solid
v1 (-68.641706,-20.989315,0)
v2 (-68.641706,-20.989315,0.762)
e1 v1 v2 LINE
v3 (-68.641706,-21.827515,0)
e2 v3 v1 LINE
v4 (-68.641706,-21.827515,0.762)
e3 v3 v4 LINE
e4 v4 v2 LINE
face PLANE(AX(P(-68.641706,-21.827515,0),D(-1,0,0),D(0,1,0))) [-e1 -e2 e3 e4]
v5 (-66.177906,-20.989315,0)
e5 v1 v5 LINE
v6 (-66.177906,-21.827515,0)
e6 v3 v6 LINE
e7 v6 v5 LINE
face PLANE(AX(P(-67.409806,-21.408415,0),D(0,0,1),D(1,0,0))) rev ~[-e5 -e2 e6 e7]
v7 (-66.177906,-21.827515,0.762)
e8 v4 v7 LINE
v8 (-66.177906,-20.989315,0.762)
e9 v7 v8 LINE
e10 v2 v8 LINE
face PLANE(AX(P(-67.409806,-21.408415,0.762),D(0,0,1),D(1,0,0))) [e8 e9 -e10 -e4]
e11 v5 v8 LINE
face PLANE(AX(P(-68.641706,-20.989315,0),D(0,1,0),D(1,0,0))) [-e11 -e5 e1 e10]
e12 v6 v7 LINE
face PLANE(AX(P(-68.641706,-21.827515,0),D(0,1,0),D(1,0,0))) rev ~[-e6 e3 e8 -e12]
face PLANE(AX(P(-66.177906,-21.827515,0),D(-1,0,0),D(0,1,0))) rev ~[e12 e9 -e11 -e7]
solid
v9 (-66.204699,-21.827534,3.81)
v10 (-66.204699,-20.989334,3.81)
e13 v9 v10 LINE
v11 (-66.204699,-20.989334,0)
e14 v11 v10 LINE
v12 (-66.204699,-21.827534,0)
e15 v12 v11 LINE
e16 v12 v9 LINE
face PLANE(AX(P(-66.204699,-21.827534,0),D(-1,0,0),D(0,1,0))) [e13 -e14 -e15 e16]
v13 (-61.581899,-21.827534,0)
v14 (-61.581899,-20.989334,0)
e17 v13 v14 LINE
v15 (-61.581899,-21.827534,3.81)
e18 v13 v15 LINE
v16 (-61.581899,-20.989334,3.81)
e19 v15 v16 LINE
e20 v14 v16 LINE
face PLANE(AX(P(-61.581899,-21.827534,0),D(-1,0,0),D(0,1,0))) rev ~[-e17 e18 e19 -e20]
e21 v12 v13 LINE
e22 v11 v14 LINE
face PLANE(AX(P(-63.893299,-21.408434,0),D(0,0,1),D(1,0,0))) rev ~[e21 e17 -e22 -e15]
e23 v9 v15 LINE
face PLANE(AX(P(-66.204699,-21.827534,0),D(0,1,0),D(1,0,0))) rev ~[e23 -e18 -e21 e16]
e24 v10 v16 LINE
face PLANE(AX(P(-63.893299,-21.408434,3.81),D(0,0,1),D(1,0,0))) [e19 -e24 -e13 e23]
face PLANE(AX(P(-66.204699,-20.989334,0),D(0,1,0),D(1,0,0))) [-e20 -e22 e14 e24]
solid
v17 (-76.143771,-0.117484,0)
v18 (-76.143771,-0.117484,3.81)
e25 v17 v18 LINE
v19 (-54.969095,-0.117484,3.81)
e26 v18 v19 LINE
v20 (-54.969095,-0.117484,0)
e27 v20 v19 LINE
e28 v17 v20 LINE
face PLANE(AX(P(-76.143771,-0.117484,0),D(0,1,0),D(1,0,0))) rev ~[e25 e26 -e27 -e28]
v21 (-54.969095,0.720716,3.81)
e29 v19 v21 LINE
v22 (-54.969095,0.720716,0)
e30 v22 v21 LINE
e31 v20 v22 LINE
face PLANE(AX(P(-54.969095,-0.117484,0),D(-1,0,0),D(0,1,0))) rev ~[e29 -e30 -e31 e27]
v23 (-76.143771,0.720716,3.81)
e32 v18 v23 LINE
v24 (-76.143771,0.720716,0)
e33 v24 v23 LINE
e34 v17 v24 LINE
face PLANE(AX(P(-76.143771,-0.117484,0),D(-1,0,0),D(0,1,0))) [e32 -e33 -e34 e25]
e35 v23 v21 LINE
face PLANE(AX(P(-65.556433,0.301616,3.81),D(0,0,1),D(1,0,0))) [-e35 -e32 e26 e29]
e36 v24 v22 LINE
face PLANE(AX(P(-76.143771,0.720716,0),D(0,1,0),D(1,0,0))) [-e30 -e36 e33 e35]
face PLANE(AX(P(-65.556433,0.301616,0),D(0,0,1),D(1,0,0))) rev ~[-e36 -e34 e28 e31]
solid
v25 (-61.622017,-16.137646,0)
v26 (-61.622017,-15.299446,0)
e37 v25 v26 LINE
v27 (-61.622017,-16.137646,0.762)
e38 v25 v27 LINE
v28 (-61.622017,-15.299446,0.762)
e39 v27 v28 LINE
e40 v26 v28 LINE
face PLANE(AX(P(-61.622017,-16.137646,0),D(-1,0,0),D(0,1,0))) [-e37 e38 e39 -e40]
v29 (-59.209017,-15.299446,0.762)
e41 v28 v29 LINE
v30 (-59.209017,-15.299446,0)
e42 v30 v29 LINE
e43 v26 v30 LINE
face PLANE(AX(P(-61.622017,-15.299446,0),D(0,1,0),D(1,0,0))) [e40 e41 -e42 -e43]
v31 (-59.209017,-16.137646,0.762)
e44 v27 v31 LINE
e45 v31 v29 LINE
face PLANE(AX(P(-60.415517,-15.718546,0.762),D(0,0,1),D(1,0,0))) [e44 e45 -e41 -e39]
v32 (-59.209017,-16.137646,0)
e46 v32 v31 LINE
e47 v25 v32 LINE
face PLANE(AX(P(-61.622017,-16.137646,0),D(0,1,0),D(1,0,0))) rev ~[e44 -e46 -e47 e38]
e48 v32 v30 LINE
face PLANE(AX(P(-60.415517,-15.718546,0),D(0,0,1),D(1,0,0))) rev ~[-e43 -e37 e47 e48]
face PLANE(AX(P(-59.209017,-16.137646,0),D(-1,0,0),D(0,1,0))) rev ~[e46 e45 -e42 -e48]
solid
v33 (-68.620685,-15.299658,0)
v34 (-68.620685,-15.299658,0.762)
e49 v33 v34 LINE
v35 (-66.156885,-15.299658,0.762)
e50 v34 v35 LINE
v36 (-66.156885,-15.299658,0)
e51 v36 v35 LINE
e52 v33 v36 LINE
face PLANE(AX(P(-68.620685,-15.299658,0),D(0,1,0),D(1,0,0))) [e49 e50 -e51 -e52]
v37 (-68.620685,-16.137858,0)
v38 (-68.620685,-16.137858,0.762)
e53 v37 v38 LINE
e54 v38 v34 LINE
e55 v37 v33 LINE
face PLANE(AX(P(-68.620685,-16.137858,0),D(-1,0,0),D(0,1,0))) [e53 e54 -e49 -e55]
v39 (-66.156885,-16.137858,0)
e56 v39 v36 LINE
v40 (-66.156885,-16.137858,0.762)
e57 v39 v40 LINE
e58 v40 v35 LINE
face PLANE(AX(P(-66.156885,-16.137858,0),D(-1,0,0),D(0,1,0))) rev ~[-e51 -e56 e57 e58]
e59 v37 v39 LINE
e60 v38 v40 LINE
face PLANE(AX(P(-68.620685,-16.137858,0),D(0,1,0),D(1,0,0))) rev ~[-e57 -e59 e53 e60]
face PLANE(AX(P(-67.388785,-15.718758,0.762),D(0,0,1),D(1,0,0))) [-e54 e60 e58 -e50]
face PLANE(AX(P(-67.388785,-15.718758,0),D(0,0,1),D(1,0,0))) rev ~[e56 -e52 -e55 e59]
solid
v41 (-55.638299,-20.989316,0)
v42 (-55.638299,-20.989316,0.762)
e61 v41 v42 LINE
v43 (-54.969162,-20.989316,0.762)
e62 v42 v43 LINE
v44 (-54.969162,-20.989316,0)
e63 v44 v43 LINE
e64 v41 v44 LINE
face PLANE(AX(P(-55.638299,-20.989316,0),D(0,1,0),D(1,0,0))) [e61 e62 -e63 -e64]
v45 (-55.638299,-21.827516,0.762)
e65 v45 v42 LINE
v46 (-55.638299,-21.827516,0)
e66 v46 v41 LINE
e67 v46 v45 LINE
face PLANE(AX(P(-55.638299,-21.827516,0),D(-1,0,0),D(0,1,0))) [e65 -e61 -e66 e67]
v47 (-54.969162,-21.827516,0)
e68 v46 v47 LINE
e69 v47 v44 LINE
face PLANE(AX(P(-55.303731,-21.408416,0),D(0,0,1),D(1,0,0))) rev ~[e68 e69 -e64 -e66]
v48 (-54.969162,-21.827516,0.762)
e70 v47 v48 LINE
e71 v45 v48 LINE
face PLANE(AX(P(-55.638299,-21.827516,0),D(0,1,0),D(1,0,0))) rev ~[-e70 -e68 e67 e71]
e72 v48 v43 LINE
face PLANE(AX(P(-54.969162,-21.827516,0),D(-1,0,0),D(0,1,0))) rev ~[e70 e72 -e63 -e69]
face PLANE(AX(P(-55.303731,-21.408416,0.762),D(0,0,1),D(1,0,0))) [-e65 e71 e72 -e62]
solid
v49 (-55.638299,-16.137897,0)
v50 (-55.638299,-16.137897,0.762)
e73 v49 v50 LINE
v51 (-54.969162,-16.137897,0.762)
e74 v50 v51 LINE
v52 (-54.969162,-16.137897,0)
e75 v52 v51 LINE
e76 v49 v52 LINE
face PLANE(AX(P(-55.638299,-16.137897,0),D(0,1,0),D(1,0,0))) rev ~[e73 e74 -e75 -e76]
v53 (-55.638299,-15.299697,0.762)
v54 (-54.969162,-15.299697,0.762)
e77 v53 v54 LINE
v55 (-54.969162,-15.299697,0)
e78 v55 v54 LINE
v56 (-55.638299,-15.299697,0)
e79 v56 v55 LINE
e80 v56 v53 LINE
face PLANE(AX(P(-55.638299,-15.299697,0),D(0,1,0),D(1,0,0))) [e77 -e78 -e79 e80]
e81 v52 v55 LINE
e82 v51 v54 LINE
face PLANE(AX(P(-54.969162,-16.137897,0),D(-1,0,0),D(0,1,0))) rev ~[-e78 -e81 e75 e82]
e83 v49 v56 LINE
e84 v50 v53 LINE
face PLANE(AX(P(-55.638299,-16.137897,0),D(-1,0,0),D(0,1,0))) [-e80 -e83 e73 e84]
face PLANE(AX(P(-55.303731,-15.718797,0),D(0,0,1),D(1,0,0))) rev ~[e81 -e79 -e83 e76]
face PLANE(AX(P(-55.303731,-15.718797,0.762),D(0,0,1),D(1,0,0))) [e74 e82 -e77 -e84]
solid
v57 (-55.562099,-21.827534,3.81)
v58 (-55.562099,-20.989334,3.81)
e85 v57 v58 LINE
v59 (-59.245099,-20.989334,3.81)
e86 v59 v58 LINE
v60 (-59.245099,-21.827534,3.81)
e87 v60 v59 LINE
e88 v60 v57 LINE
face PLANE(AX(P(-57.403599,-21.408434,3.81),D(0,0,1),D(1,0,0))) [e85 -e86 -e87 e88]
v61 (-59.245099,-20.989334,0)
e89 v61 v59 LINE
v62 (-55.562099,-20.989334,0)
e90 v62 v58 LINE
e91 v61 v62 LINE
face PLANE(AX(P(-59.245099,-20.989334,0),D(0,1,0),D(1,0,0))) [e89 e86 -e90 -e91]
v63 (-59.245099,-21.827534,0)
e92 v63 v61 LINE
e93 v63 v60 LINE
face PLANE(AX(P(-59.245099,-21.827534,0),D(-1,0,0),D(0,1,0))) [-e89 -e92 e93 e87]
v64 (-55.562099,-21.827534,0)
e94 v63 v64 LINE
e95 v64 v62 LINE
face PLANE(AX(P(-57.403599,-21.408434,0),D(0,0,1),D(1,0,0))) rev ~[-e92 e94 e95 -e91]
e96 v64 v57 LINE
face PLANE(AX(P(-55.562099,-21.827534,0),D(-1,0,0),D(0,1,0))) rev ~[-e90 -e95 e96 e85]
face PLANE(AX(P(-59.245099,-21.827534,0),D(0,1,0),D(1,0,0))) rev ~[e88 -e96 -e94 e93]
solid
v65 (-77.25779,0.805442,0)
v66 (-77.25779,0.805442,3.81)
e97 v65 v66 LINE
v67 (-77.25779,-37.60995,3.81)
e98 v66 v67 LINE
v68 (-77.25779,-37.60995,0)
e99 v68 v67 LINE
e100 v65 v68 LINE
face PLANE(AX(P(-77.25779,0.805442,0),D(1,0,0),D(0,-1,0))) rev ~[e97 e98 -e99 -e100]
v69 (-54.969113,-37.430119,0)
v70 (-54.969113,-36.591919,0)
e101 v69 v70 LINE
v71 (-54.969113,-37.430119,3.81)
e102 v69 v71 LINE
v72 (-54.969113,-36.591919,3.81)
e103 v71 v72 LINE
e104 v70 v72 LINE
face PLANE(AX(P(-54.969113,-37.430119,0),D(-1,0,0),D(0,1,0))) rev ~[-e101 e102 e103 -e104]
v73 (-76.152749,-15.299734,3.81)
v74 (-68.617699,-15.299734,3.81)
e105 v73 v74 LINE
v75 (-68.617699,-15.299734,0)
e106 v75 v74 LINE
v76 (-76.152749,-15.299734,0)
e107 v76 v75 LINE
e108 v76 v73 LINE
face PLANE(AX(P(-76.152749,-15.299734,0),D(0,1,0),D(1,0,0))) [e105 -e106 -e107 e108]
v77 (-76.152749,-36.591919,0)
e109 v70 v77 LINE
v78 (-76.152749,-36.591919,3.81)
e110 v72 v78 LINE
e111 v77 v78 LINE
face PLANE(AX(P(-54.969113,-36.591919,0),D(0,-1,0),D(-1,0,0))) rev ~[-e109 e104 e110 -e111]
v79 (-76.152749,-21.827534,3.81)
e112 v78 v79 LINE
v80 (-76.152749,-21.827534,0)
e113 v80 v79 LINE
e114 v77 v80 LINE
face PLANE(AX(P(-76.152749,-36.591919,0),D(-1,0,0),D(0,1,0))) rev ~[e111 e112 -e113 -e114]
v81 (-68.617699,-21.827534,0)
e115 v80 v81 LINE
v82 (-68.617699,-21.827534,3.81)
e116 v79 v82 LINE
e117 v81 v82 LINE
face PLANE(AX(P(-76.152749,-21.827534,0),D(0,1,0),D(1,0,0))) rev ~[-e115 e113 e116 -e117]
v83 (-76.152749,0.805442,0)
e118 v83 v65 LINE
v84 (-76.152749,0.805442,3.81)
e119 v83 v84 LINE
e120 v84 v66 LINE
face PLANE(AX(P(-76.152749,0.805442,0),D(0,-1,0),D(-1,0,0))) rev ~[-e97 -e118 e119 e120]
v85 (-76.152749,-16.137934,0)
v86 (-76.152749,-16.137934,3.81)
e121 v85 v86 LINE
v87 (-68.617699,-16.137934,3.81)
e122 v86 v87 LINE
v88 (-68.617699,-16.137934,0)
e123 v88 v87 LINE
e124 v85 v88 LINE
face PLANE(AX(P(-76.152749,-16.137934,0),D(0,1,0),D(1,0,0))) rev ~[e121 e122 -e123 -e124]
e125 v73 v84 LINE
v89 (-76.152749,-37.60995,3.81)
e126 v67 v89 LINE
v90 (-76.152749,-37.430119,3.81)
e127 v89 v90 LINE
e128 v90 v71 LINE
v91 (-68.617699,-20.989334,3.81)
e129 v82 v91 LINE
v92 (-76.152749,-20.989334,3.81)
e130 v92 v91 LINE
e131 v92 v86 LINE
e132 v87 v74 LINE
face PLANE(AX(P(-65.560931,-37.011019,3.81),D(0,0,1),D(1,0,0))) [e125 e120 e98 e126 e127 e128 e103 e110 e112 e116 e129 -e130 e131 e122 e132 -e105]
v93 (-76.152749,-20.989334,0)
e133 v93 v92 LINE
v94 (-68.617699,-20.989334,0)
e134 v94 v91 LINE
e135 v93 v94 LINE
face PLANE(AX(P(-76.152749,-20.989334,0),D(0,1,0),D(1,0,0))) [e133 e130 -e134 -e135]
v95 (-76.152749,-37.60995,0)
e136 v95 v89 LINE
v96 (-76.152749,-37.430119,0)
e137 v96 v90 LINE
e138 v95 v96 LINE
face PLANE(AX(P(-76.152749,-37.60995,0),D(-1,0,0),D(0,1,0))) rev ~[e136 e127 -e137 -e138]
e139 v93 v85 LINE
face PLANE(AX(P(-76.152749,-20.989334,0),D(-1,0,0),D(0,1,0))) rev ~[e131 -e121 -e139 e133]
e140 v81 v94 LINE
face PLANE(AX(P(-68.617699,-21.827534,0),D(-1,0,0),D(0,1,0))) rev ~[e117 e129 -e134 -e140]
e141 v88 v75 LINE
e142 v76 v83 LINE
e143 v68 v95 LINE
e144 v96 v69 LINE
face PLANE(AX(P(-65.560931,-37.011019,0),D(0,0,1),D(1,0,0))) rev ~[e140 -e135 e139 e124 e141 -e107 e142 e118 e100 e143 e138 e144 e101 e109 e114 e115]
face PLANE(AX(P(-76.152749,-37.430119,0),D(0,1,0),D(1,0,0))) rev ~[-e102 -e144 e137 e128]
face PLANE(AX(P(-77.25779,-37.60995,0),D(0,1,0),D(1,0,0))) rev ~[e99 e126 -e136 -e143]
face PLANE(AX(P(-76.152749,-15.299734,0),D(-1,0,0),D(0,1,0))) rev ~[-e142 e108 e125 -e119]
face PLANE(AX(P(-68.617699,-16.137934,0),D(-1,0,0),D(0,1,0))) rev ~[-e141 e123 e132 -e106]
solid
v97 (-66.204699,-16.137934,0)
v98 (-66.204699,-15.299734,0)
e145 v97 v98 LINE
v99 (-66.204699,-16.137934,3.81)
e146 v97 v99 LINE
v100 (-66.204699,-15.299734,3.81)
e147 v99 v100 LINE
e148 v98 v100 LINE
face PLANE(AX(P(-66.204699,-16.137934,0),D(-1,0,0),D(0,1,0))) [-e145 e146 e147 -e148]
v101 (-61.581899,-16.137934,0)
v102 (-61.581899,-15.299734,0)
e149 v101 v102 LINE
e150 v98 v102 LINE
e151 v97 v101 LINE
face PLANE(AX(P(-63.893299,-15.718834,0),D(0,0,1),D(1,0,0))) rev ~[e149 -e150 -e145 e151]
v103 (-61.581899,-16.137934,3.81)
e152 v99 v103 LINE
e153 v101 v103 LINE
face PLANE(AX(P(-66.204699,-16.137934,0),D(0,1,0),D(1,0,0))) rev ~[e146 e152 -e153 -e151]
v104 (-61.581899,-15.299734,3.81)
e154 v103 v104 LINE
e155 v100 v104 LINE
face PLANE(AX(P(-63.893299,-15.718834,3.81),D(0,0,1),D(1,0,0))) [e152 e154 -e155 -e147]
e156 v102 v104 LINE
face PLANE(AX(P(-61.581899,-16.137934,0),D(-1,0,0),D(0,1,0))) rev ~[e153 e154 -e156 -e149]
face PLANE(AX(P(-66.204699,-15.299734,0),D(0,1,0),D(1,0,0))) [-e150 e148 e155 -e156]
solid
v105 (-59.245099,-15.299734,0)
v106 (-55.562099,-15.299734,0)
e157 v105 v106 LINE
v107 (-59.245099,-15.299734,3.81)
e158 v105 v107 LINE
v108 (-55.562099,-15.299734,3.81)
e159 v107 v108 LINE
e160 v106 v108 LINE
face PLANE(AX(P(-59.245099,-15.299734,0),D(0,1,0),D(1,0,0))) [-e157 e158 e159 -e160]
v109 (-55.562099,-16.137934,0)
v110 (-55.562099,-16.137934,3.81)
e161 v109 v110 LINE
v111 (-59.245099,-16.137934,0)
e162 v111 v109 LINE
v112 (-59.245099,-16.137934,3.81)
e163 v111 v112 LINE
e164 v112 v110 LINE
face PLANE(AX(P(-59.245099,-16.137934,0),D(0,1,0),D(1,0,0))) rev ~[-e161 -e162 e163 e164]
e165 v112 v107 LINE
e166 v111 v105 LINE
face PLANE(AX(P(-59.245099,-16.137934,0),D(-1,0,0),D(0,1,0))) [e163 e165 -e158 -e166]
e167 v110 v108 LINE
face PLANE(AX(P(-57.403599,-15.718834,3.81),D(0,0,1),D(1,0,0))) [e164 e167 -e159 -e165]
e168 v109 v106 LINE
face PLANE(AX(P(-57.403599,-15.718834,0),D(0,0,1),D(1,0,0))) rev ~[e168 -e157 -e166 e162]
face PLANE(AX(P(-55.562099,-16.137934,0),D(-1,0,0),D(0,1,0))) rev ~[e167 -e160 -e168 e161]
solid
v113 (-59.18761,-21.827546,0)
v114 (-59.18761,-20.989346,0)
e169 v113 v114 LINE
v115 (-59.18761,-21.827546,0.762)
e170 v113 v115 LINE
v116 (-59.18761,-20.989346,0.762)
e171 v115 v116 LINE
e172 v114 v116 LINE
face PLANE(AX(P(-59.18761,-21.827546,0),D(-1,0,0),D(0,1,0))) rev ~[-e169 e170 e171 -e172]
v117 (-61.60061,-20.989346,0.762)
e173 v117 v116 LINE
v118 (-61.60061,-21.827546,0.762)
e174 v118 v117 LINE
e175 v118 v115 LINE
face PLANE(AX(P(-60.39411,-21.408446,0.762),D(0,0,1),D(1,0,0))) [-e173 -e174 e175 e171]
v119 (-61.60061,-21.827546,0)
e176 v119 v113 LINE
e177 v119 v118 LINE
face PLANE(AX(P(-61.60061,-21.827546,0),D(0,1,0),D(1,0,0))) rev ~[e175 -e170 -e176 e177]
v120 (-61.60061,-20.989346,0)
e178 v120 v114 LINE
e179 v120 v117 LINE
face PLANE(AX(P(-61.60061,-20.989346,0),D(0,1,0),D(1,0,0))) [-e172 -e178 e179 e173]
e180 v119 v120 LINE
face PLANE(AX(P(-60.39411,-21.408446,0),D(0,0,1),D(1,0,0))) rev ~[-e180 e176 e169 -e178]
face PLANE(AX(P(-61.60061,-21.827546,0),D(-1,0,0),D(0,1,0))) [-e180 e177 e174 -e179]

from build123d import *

# Parameters (mm, degrees)
F0_W     = 21.174676846
F0_H     = 0.8382
F1_DEPTH = 3.81
F0_W_2   = 21.1836360395
F0_W_3   = 1.046679914
F0_W_4   = 7.5350500569
F0_W_5   = 1.1009499431
F0_W_6   = 4.6228
F0_W_7   = 3.683
F2_W     = 2.4638
F2_H     = 0.8382
F3_DEPTH = 0.762
F2_W_2   = 2.413
F2_W_3   = 0.6691376


with BuildPart() as f1:
    # F0 (on Top) → F1 (new body)
    with BuildSketch(Plane.XY):
        with Locations((-65.556432987, 0.3016160522)):
            Rectangle(F0_W, F0_H)
    extrude(amount=F1_DEPTH)


with BuildPart() as f1b:
    # F0 (on Top) → F1, piece 2 (new body)
    with BuildSketch(Plane.XY):
        with Locations((-65.5609313399, -37.0110188411)):
            Rectangle(F0_W_2, F0_H)
        with Locations((-76.6760893166, -37.0110188411)):
            Rectangle(F0_W_3, F0_H)
        Polygon((-77.1994292736, -36.5919188411), (-76.1527493596, -36.5919188411), (-76.1527493596, -21.8275338411), (-77.2536993027, -21.8275338411), (-77.2536993027, -20.9893338411), (-76.1527493596, -20.9893338411), (-76.1527493596, -16.1379338411), (-77.2536993027, -16.1379338411), (-77.2536993027, -15.2997338411), (-76.1527493596, -15.2997338411), (-76.1527493596, 0.805442092), (-77.2577896714, 0.805442092), (-77.2577896714, -37.609949708), (-76.1527493596, -37.609949708), (-76.1527493596, -37.4301188411), (-77.1994292736, -37.4301188411), align=None)
        with Locations((-72.3852243311, -21.4084338411)):
            Rectangle(F0_W_4, F0_H)
        with Locations((-76.7032243311, -21.4084338411)):
            Rectangle(F0_W_5, F0_H)
        with Locations((-72.3852243311, -15.7188338411)):
            Rectangle(F0_W_4, F0_H)
        with Locations((-76.7032243311, -15.7188338411)):
            Rectangle(F0_W_5, F0_H)
    extrude(amount=F1_DEPTH)


with BuildPart() as f1c:
    # F0 (on Top) → F1, piece 3 (new body)
    with BuildSketch(Plane.XY):
        with Locations((-63.8932993027, -15.7188338411)):
            Rectangle(F0_W_6, F0_H)
    extrude(amount=F1_DEPTH)


with BuildPart() as f1d:
    # F0 (on Top) → F1, piece 4 (new body)
    with BuildSketch(Plane.XY):
        with Locations((-63.8932993027, -21.4084338411)):
            Rectangle(F0_W_6, F0_H)
    extrude(amount=F1_DEPTH)


with BuildPart() as f1e:
    # F0 (on Top) → F1, piece 5 (new body)
    with BuildSketch(Plane.XY):
        with Locations((-57.4035993027, -21.4084338411)):
            Rectangle(F0_W_7, F0_H)
    extrude(amount=F1_DEPTH)


with BuildPart() as f1f:
    # F0 (on Top) → F1, piece 6 (new body)
    with BuildSketch(Plane.XY):
        with Locations((-57.4035993027, -15.7188338411)):
            Rectangle(F0_W_7, F0_H)
    extrude(amount=F1_DEPTH)


with BuildPart() as f3:
    # F2 (on Top) → F3 (new body)
    with BuildSketch(Plane.XY):
        with Locations((-67.3887850354, -15.7187578801)):
            Rectangle(F2_W, F2_H)
    extrude(amount=F3_DEPTH)


with BuildPart() as f3b:
    # F2 (on Top) → F3, piece 2 (new body)
    with BuildSketch(Plane.XY):
        with Locations((-67.4098059485, -21.4084152412)):
            Rectangle(F2_W, F2_H)
    extrude(amount=F3_DEPTH)


with BuildPart() as f3c:
    # F2 (on Top) → F3, piece 3 (new body)
    with BuildSketch(Plane.XY):
        with Locations((-60.4155172818, -15.718545642)):
            Rectangle(F2_W_2, F2_H)
    extrude(amount=F3_DEPTH)


with BuildPart() as f3d:
    # F2 (on Top) → F3, piece 4 (new body)
    with BuildSketch(Plane.XY):
        with Locations((-60.3941102723, -21.4084460192)):
            Rectangle(F2_W_2, F2_H)
    extrude(amount=F3_DEPTH)


with BuildPart() as f3e:
    # F2 (on Top) → F3, piece 5 (new body)
    with BuildSketch(Plane.XY):
        with Locations((-55.3037305027, -15.7187973504)):
            Rectangle(F2_W_3, F2_H)
    extrude(amount=F3_DEPTH)


with BuildPart() as f3f:
    # F2 (on Top) → F3, piece 6 (new body)
    with BuildSketch(Plane.XY):
        with Locations((-55.3037305027, -21.4084160856)):
            Rectangle(F2_W_3, F2_H)
    extrude(amount=F3_DEPTH)


solid = Compound([f1.part, f1b.part, f1c.part, f1d.part, f1e.part, f1f.part, f3.part, f3b.part, f3c.part, f3d.part, f3e.part, f3f.part])
